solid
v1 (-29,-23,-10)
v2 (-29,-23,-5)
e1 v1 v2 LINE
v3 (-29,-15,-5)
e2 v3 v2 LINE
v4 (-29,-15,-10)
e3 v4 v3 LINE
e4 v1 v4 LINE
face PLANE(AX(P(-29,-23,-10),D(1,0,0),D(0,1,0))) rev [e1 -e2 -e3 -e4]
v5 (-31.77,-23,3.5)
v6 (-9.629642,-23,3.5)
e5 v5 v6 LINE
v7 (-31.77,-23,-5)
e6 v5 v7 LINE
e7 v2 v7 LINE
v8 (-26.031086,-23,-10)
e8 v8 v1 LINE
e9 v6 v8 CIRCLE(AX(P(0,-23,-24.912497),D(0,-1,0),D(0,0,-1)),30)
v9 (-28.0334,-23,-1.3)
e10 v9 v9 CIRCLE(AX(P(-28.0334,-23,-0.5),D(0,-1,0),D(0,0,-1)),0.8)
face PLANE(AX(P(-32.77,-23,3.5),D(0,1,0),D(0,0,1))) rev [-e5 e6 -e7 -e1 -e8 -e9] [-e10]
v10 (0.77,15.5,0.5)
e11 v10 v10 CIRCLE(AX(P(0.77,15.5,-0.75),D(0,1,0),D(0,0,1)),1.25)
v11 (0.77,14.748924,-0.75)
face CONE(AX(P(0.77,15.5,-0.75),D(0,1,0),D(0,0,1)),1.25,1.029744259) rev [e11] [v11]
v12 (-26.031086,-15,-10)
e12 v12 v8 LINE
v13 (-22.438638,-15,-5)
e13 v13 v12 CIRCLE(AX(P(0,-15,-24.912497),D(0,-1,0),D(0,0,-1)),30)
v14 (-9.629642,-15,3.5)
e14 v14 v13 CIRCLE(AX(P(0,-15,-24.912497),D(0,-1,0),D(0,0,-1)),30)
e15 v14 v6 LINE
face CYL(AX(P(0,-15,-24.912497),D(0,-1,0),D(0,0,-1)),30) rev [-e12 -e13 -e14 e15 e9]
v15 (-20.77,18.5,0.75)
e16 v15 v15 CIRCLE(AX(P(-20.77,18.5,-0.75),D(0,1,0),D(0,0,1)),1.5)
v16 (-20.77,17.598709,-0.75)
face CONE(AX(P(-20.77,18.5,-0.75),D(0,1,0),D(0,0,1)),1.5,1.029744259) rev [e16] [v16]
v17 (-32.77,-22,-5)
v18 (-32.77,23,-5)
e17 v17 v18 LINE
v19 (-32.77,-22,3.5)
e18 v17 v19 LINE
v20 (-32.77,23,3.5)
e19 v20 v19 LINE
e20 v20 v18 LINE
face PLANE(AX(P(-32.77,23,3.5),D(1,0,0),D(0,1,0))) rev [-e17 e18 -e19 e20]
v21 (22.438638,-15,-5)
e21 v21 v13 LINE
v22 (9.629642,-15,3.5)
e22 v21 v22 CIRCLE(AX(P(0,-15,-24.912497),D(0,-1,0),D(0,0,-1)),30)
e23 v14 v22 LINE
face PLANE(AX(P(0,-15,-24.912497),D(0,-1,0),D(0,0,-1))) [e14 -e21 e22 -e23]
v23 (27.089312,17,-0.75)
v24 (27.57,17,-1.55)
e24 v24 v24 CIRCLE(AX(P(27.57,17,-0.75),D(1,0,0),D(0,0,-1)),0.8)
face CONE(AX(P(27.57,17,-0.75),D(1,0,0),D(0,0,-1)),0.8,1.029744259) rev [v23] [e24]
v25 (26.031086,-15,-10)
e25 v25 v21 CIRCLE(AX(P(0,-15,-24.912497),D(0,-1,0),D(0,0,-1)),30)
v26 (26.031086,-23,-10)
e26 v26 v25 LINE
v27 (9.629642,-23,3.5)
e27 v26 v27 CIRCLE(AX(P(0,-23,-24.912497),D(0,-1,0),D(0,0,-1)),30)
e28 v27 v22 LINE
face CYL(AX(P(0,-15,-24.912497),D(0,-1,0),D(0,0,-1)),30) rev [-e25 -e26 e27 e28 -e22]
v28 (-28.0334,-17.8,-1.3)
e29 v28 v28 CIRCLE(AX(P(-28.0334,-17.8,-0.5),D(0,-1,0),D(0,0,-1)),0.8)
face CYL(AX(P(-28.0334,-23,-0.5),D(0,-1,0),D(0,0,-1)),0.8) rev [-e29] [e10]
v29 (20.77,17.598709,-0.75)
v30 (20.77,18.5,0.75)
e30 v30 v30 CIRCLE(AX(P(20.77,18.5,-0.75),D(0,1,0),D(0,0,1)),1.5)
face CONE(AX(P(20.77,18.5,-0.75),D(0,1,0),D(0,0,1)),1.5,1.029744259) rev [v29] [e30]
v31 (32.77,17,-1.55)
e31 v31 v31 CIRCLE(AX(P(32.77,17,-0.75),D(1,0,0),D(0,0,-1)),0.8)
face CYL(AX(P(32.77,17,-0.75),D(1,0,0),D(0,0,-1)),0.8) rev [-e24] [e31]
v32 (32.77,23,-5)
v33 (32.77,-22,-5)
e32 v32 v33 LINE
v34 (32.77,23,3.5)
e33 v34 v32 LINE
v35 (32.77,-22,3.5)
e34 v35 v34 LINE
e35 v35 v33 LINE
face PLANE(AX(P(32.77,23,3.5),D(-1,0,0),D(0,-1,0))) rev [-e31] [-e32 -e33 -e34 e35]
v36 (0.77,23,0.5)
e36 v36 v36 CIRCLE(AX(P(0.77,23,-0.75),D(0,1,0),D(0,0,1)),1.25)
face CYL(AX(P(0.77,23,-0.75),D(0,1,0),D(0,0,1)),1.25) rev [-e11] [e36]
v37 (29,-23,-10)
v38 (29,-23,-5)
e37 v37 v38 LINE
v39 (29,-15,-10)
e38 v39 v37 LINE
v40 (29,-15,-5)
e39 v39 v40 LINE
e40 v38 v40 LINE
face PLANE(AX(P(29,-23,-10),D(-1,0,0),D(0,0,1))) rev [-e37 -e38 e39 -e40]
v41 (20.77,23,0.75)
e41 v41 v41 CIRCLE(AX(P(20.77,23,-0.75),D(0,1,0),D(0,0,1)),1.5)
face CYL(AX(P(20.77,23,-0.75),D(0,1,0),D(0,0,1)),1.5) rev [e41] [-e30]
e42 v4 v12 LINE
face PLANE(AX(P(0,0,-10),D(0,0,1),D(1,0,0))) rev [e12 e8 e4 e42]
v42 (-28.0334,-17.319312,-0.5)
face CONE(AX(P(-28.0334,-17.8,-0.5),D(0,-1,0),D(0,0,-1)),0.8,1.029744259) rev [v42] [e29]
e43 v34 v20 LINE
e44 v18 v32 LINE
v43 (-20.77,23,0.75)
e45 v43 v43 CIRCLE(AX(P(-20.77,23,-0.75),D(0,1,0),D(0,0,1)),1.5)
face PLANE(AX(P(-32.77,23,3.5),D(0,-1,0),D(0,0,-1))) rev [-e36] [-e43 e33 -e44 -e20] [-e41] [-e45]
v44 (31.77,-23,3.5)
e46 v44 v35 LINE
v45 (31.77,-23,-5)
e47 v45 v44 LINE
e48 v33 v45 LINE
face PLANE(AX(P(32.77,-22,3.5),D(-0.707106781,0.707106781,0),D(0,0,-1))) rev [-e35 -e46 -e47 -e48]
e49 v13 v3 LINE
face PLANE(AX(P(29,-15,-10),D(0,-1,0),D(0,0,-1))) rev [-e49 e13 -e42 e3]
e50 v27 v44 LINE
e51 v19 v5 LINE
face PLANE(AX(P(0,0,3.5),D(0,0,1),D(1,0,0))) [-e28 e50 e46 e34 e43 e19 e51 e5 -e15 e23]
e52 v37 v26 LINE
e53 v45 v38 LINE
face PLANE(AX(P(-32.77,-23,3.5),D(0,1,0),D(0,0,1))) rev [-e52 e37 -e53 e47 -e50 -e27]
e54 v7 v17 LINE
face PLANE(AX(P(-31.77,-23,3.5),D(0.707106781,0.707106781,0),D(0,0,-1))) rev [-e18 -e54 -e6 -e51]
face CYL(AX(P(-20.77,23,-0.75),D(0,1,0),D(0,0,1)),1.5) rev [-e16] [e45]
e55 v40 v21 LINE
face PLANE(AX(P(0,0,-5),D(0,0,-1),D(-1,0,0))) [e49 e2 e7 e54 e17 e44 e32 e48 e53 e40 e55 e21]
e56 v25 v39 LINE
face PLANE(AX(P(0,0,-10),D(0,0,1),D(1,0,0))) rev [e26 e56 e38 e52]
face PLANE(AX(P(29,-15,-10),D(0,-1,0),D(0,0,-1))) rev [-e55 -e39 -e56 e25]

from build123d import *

# Parameters (mm, degrees)
SKETCH1_W                 = 65.54
SKETCH1_H                 = 46
BOSS_EXTRUDE1_DEPTH       = 3.5
SKETCH2_W                 = 58
SKETCH2_H                 = 8
BOSS_EXTRUDE2_DEPTH       = 10
CUT_EXTRUDE1_DEPTH        = 8
BOSS_EXTRUDE3_DEPTH       = 5
CHAMFER1_SIZE             = 1
F_3_0MM_DOWEL_HOLE1_D     = 3
F_3_0MM_DOWEL_HOLE1_DEPTH = 4.5
F_3_0MM_DOWEL_HOLE1_TIP   = 0.901290929
M3X0_5_TAPPED_HOLE1_D     = 2.5
M3X0_5_TAPPED_HOLE1_DEPTH = 7.5
M3X0_5_TAPPED_HOLE1_TIP   = 0.751075774
M2X0_4_TAPPED_HOLE1_D     = 1.6
M2X0_4_TAPPED_HOLE1_DEPTH = 5.2
M2X0_4_TAPPED_HOLE1_TIP   = 0.480688495
M2X0_4_TAPPED_HOLE2_D     = 1.6
M2X0_4_TAPPED_HOLE2_DEPTH = 5.2
M2X0_4_TAPPED_HOLE2_TIP   = 0.480688495


with BuildPart() as part:
    # Sketch1 → Boss-Extrude1 (new body)
    with BuildSketch(Plane.XY):
        Rectangle(SKETCH1_W, SKETCH1_H)
    extrude(amount=BOSS_EXTRUDE1_DEPTH)

    # Sketch2 → Boss-Extrude2 (add)
    with BuildSketch(Plane(origin=(0, 0, 0), x_dir=(-1, 0, 0), z_dir=(0, 0, -1))):
        with Locations((0, -19)):
            Rectangle(SKETCH2_W, SKETCH2_H)
    extrude(amount=BOSS_EXTRUDE2_DEPTH)

    # Sketch5 → Cut-Extrude1 (cut)
    with BuildSketch(Plane.XZ.offset(23)):
        with BuildLine():
            Line((-26.311212976, -10.5), (26.311212976, -10.5))
            ThreePointArc((26.311212976, -10.5), (19.200628572, -1.861773381), (9.41946352, 3.570369836))
            Line((9.41946352, 3.570369836), (9.41946352, 4))
            Line((9.41946352, 4), (-9.622947545, 4))
            Line((-9.622947545, 4), (-9.622947545, 3.502268118))
            ThreePointArc((-9.622947545, 3.502268118), (-19.282941975, -1.930587904), (-26.311212976, -10.5))
        make_face()
    extrude(amount=-CUT_EXTRUDE1_DEPTH, mode=Mode.SUBTRACT)

    # Sketch6 → Boss-Extrude3 (add)
    with BuildSketch(Plane(origin=(0, 0, 0), x_dir=(-1, 0, 0), z_dir=(0, 0, -1))):
        Polygon((-32.77, 23), (-32.77, -23), (-29, -23), (-29, -15), (29, -15), (29, -23), (32.77, -23), (32.77, 23), align=None)
    extrude(amount=BOSS_EXTRUDE3_DEPTH)

    # Chamfer1
    chamfer1_edges = [part.edges().sort_by_distance(p)[0] for p in [
        (32.77, -23, -0.75),
        (-32.77, -23, -0.75),
    ]]
    chamfer(chamfer1_edges, length=CHAMFER1_SIZE)

    # Ø3.0mm Dowel Hole1
    with Locations(Plane(origin=(0, 23, 0), x_dir=(1, 0, 0), z_dir=(0, 1, 0))):
        with Locations((-20.77, 0.75), (20.77, 0.75)):
            Hole(F_3_0MM_DOWEL_HOLE1_D / 2, depth=F_3_0MM_DOWEL_HOLE1_DEPTH)
            with Locations((0, 0, -(F_3_0MM_DOWEL_HOLE1_DEPTH + F_3_0MM_DOWEL_HOLE1_TIP / 2))):  # 118° drill point
                Cone(0, F_3_0MM_DOWEL_HOLE1_D / 2, F_3_0MM_DOWEL_HOLE1_TIP, mode=Mode.SUBTRACT)

    # M3x0.5 Tapped Hole1
    with Locations(Plane(origin=(0, 23, 0), x_dir=(1, 0, 0), z_dir=(0, 1, 0))):
        with Locations((0.77, 0.75)):
            Hole(M3X0_5_TAPPED_HOLE1_D / 2, depth=M3X0_5_TAPPED_HOLE1_DEPTH)
            with Locations((0, 0, -(M3X0_5_TAPPED_HOLE1_DEPTH + M3X0_5_TAPPED_HOLE1_TIP / 2))):  # 118° drill point
                Cone(0, M3X0_5_TAPPED_HOLE1_D / 2, M3X0_5_TAPPED_HOLE1_TIP, mode=Mode.SUBTRACT)

    # M2x0.4 Tapped Hole1
    with Locations(Plane(origin=(0, -23, 0), x_dir=(-1, 0, 0), z_dir=(0, -1, 0))):
        with Locations((28.0334, 0.5)):
            Hole(M2X0_4_TAPPED_HOLE1_D / 2, depth=M2X0_4_TAPPED_HOLE1_DEPTH)
            with Locations((0, 0, -(M2X0_4_TAPPED_HOLE1_DEPTH + M2X0_4_TAPPED_HOLE1_TIP / 2))):  # 118° drill point
                Cone(0, M2X0_4_TAPPED_HOLE1_D / 2, M2X0_4_TAPPED_HOLE1_TIP, mode=Mode.SUBTRACT)

    # M2x0.4 Tapped Hole2
    with Locations(Plane(origin=(32.77, 0, 0), x_dir=(0, 0, -1), z_dir=(1, 0, 0))):
        with Locations((0.75, 17)):
            Hole(M2X0_4_TAPPED_HOLE2_D / 2, depth=M2X0_4_TAPPED_HOLE2_DEPTH)
            with Locations((0, 0, -(M2X0_4_TAPPED_HOLE2_DEPTH + M2X0_4_TAPPED_HOLE2_TIP / 2))):  # 118° drill point
                Cone(0, M2X0_4_TAPPED_HOLE2_D / 2, M2X0_4_TAPPED_HOLE2_TIP, mode=Mode.SUBTRACT)


solid = part.part
